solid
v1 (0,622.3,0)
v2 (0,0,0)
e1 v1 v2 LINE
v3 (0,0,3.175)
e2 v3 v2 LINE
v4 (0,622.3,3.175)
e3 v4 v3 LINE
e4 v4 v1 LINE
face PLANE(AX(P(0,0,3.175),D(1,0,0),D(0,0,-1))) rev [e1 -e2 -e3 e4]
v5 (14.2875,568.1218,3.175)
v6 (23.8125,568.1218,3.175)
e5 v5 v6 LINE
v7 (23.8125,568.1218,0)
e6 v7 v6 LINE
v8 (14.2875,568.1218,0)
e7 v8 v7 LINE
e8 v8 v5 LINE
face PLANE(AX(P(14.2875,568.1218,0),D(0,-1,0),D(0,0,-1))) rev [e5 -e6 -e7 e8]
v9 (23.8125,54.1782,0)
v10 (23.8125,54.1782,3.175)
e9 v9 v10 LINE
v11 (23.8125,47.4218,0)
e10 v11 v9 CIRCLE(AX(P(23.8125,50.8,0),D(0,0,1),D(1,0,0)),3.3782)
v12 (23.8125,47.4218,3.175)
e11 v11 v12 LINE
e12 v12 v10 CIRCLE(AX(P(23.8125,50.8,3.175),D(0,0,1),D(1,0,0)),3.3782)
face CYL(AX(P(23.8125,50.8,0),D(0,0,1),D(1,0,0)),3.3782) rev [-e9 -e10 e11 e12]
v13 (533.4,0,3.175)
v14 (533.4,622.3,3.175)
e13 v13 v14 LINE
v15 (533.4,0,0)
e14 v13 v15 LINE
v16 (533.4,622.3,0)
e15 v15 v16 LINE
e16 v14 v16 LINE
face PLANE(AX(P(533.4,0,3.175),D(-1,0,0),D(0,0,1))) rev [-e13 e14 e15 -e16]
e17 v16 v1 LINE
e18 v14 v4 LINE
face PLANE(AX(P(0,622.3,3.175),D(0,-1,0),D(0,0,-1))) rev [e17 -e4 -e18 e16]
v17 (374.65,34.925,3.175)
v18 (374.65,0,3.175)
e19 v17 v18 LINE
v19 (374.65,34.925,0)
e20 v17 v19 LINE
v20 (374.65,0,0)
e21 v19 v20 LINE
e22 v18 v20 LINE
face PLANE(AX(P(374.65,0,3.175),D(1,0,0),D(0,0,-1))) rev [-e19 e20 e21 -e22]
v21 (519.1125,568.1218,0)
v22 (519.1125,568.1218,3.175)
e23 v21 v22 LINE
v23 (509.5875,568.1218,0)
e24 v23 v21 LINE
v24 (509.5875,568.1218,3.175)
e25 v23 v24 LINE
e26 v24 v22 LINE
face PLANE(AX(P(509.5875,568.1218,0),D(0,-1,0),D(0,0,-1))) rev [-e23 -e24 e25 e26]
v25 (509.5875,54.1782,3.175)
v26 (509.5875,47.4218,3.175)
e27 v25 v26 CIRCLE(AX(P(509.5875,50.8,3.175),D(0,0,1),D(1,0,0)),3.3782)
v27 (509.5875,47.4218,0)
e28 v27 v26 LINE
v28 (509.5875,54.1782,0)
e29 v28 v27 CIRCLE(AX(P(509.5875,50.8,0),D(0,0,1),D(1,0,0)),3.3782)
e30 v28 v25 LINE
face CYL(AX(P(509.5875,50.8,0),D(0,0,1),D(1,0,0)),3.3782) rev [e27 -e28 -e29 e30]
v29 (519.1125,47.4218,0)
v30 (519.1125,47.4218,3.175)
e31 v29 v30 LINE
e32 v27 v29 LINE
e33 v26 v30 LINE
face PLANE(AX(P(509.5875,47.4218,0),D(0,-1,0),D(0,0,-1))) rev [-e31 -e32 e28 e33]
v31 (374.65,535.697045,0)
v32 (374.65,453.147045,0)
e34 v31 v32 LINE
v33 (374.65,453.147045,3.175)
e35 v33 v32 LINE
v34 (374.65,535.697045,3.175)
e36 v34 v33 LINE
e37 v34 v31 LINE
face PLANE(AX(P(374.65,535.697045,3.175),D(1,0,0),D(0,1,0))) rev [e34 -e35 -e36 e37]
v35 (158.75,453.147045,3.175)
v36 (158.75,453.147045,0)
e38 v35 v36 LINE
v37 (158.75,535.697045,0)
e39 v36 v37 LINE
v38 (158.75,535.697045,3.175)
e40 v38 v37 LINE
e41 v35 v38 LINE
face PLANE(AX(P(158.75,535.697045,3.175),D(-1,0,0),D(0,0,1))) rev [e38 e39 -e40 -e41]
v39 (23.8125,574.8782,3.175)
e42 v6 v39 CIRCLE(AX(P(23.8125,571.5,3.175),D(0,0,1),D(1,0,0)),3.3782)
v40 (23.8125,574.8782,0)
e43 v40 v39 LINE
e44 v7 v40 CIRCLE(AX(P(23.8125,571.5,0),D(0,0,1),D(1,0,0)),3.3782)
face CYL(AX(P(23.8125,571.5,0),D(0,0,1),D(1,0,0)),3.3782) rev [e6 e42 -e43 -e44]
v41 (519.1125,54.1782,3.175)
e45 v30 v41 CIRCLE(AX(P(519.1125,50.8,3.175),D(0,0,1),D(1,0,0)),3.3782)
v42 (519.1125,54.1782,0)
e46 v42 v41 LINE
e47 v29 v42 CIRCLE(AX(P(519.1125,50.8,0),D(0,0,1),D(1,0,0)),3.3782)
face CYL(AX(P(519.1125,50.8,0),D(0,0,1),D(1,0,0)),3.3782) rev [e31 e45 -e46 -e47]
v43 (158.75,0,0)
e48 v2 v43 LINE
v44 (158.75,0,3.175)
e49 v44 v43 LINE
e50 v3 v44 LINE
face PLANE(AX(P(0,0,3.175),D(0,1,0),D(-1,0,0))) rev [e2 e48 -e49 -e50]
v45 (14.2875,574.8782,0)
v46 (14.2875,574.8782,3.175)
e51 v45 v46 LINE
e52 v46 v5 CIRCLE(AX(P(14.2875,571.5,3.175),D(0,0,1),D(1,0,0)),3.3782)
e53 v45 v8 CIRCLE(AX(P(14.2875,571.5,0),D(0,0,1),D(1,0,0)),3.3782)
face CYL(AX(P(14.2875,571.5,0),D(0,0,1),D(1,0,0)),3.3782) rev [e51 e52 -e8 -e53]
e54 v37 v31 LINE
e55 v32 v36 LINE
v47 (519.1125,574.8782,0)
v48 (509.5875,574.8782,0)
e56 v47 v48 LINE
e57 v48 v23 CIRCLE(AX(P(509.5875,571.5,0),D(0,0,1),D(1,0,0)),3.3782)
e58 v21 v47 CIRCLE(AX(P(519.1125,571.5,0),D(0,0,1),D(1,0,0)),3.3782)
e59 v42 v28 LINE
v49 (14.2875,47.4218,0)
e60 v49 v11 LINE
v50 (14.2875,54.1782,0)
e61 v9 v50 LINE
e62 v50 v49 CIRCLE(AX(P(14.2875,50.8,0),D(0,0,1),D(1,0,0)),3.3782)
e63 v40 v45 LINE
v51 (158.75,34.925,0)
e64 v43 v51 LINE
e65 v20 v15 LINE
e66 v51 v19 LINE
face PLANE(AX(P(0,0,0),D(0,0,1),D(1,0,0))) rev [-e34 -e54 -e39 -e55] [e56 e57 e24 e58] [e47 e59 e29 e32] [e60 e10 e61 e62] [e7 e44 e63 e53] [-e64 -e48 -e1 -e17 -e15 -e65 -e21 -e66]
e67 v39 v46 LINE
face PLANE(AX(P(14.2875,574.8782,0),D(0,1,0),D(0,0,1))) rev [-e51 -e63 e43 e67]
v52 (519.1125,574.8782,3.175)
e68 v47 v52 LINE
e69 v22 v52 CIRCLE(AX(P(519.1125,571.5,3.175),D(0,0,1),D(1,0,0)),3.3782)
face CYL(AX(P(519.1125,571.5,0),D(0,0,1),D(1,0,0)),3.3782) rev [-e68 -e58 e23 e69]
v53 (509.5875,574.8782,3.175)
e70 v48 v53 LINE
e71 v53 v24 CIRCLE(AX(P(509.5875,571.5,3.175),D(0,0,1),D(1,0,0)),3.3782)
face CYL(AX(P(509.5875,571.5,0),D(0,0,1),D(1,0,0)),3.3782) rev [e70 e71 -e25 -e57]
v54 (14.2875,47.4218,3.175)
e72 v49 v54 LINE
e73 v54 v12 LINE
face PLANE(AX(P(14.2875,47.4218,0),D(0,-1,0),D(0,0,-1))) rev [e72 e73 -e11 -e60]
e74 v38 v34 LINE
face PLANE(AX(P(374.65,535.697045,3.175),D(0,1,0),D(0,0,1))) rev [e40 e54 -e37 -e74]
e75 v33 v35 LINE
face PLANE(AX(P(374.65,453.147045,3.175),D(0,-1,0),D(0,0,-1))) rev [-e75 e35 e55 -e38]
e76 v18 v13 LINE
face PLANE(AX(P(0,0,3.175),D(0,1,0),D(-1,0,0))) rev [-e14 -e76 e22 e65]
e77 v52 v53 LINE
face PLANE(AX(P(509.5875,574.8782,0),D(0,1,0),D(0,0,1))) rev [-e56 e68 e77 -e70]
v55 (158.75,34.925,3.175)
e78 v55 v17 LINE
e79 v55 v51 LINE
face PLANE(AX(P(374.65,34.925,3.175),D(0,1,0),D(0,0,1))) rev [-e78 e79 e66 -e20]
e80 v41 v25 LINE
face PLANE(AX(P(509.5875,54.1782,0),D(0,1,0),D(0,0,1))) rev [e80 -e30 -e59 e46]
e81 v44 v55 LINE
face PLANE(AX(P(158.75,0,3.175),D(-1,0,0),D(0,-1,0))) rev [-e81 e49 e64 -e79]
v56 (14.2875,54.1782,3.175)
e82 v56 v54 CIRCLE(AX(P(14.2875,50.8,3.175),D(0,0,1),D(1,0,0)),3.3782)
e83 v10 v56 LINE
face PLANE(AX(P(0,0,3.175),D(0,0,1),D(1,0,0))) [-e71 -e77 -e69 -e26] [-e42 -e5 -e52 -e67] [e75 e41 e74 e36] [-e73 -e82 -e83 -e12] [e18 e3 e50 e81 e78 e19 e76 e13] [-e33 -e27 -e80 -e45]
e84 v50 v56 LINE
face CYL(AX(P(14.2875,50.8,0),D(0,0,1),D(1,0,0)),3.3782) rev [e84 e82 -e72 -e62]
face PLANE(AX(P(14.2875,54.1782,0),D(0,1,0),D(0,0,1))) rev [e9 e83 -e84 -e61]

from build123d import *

# Parameters (mm, degrees)
SKETCH1_W            = 533.4
SKETCH1_H            = 622.3
BOSS_EXTRUDE1_DEPTH  = 3.175
CUT_EXTRUDE1_DEPTH   = 4.175
LPATTERN1_COUNT      = 2
LPATTERN1_PITCH      = 520.7
LPATTERN1_COUNT_DIR2 = 2
LPATTERN1_PITCH_DIR2 = 495.3
SKETCH5_W            = 215.9
SKETCH5_H            = 82.55
CUT_EXTRUDE3_DEPTH   = 4.175
SKETCH6_W            = 215.9
SKETCH6_H            = 34.925
CUT_EXTRUDE4_DEPTH   = 4.175


with BuildPart() as part:
    # Sketch1 → Boss-Extrude1 (new body)
    with BuildSketch(Plane.XY):
        with Locations((266.7, 311.15)):
            Rectangle(SKETCH1_W, SKETCH1_H)
    extrude(amount=BOSS_EXTRUDE1_DEPTH)

    # Sketch2 → Cut-Extrude1 (cut, through all)
    with BuildSketch(Plane.XY.offset(3.175)):
        with BuildLine():
            Line((14.2875, 574.8782), (23.8125, 574.8782))
            ThreePointArc((23.8125, 574.8782), (27.1907, 571.5), (23.8125, 568.1218))
            Line((23.8125, 568.1218), (14.2875, 568.1218))
            ThreePointArc((14.2875, 568.1218), (10.9093, 571.5), (14.2875, 574.8782))
        make_face()
    cut_extrude1 = extrude(amount=-CUT_EXTRUDE1_DEPTH, mode=Mode.SUBTRACT)

    # LPattern1: Cut-Extrude1 2 × 2
    with Locations(*[(j * LPATTERN1_PITCH_DIR2, -i * LPATTERN1_PITCH, 0) for i in range(LPATTERN1_COUNT) for j in range(LPATTERN1_COUNT_DIR2) if (i, j) != (0, 0)]):
        add(cut_extrude1, mode=Mode.SUBTRACT)

    # Sketch5 → Cut-Extrude3 (cut, through all)
    with BuildSketch(Plane(origin=(0, 0, 0), x_dir=(-1, 0, 0), z_dir=(0, 0, -1))):
        with Locations((-266.7, 494.422045059)):
            Rectangle(SKETCH5_W, SKETCH5_H)
    extrude(amount=-CUT_EXTRUDE3_DEPTH, mode=Mode.SUBTRACT)

    # Sketch6 → Cut-Extrude4 (cut, through all)
    with BuildSketch(Plane(origin=(0, 0, 0), x_dir=(-1, 0, 0), z_dir=(0, 0, -1))):
        with Locations((-266.7, 17.4625)):
            Rectangle(SKETCH6_W, SKETCH6_H)
    extrude(amount=-CUT_EXTRUDE4_DEPTH, mode=Mode.SUBTRACT)


solid = part.part
